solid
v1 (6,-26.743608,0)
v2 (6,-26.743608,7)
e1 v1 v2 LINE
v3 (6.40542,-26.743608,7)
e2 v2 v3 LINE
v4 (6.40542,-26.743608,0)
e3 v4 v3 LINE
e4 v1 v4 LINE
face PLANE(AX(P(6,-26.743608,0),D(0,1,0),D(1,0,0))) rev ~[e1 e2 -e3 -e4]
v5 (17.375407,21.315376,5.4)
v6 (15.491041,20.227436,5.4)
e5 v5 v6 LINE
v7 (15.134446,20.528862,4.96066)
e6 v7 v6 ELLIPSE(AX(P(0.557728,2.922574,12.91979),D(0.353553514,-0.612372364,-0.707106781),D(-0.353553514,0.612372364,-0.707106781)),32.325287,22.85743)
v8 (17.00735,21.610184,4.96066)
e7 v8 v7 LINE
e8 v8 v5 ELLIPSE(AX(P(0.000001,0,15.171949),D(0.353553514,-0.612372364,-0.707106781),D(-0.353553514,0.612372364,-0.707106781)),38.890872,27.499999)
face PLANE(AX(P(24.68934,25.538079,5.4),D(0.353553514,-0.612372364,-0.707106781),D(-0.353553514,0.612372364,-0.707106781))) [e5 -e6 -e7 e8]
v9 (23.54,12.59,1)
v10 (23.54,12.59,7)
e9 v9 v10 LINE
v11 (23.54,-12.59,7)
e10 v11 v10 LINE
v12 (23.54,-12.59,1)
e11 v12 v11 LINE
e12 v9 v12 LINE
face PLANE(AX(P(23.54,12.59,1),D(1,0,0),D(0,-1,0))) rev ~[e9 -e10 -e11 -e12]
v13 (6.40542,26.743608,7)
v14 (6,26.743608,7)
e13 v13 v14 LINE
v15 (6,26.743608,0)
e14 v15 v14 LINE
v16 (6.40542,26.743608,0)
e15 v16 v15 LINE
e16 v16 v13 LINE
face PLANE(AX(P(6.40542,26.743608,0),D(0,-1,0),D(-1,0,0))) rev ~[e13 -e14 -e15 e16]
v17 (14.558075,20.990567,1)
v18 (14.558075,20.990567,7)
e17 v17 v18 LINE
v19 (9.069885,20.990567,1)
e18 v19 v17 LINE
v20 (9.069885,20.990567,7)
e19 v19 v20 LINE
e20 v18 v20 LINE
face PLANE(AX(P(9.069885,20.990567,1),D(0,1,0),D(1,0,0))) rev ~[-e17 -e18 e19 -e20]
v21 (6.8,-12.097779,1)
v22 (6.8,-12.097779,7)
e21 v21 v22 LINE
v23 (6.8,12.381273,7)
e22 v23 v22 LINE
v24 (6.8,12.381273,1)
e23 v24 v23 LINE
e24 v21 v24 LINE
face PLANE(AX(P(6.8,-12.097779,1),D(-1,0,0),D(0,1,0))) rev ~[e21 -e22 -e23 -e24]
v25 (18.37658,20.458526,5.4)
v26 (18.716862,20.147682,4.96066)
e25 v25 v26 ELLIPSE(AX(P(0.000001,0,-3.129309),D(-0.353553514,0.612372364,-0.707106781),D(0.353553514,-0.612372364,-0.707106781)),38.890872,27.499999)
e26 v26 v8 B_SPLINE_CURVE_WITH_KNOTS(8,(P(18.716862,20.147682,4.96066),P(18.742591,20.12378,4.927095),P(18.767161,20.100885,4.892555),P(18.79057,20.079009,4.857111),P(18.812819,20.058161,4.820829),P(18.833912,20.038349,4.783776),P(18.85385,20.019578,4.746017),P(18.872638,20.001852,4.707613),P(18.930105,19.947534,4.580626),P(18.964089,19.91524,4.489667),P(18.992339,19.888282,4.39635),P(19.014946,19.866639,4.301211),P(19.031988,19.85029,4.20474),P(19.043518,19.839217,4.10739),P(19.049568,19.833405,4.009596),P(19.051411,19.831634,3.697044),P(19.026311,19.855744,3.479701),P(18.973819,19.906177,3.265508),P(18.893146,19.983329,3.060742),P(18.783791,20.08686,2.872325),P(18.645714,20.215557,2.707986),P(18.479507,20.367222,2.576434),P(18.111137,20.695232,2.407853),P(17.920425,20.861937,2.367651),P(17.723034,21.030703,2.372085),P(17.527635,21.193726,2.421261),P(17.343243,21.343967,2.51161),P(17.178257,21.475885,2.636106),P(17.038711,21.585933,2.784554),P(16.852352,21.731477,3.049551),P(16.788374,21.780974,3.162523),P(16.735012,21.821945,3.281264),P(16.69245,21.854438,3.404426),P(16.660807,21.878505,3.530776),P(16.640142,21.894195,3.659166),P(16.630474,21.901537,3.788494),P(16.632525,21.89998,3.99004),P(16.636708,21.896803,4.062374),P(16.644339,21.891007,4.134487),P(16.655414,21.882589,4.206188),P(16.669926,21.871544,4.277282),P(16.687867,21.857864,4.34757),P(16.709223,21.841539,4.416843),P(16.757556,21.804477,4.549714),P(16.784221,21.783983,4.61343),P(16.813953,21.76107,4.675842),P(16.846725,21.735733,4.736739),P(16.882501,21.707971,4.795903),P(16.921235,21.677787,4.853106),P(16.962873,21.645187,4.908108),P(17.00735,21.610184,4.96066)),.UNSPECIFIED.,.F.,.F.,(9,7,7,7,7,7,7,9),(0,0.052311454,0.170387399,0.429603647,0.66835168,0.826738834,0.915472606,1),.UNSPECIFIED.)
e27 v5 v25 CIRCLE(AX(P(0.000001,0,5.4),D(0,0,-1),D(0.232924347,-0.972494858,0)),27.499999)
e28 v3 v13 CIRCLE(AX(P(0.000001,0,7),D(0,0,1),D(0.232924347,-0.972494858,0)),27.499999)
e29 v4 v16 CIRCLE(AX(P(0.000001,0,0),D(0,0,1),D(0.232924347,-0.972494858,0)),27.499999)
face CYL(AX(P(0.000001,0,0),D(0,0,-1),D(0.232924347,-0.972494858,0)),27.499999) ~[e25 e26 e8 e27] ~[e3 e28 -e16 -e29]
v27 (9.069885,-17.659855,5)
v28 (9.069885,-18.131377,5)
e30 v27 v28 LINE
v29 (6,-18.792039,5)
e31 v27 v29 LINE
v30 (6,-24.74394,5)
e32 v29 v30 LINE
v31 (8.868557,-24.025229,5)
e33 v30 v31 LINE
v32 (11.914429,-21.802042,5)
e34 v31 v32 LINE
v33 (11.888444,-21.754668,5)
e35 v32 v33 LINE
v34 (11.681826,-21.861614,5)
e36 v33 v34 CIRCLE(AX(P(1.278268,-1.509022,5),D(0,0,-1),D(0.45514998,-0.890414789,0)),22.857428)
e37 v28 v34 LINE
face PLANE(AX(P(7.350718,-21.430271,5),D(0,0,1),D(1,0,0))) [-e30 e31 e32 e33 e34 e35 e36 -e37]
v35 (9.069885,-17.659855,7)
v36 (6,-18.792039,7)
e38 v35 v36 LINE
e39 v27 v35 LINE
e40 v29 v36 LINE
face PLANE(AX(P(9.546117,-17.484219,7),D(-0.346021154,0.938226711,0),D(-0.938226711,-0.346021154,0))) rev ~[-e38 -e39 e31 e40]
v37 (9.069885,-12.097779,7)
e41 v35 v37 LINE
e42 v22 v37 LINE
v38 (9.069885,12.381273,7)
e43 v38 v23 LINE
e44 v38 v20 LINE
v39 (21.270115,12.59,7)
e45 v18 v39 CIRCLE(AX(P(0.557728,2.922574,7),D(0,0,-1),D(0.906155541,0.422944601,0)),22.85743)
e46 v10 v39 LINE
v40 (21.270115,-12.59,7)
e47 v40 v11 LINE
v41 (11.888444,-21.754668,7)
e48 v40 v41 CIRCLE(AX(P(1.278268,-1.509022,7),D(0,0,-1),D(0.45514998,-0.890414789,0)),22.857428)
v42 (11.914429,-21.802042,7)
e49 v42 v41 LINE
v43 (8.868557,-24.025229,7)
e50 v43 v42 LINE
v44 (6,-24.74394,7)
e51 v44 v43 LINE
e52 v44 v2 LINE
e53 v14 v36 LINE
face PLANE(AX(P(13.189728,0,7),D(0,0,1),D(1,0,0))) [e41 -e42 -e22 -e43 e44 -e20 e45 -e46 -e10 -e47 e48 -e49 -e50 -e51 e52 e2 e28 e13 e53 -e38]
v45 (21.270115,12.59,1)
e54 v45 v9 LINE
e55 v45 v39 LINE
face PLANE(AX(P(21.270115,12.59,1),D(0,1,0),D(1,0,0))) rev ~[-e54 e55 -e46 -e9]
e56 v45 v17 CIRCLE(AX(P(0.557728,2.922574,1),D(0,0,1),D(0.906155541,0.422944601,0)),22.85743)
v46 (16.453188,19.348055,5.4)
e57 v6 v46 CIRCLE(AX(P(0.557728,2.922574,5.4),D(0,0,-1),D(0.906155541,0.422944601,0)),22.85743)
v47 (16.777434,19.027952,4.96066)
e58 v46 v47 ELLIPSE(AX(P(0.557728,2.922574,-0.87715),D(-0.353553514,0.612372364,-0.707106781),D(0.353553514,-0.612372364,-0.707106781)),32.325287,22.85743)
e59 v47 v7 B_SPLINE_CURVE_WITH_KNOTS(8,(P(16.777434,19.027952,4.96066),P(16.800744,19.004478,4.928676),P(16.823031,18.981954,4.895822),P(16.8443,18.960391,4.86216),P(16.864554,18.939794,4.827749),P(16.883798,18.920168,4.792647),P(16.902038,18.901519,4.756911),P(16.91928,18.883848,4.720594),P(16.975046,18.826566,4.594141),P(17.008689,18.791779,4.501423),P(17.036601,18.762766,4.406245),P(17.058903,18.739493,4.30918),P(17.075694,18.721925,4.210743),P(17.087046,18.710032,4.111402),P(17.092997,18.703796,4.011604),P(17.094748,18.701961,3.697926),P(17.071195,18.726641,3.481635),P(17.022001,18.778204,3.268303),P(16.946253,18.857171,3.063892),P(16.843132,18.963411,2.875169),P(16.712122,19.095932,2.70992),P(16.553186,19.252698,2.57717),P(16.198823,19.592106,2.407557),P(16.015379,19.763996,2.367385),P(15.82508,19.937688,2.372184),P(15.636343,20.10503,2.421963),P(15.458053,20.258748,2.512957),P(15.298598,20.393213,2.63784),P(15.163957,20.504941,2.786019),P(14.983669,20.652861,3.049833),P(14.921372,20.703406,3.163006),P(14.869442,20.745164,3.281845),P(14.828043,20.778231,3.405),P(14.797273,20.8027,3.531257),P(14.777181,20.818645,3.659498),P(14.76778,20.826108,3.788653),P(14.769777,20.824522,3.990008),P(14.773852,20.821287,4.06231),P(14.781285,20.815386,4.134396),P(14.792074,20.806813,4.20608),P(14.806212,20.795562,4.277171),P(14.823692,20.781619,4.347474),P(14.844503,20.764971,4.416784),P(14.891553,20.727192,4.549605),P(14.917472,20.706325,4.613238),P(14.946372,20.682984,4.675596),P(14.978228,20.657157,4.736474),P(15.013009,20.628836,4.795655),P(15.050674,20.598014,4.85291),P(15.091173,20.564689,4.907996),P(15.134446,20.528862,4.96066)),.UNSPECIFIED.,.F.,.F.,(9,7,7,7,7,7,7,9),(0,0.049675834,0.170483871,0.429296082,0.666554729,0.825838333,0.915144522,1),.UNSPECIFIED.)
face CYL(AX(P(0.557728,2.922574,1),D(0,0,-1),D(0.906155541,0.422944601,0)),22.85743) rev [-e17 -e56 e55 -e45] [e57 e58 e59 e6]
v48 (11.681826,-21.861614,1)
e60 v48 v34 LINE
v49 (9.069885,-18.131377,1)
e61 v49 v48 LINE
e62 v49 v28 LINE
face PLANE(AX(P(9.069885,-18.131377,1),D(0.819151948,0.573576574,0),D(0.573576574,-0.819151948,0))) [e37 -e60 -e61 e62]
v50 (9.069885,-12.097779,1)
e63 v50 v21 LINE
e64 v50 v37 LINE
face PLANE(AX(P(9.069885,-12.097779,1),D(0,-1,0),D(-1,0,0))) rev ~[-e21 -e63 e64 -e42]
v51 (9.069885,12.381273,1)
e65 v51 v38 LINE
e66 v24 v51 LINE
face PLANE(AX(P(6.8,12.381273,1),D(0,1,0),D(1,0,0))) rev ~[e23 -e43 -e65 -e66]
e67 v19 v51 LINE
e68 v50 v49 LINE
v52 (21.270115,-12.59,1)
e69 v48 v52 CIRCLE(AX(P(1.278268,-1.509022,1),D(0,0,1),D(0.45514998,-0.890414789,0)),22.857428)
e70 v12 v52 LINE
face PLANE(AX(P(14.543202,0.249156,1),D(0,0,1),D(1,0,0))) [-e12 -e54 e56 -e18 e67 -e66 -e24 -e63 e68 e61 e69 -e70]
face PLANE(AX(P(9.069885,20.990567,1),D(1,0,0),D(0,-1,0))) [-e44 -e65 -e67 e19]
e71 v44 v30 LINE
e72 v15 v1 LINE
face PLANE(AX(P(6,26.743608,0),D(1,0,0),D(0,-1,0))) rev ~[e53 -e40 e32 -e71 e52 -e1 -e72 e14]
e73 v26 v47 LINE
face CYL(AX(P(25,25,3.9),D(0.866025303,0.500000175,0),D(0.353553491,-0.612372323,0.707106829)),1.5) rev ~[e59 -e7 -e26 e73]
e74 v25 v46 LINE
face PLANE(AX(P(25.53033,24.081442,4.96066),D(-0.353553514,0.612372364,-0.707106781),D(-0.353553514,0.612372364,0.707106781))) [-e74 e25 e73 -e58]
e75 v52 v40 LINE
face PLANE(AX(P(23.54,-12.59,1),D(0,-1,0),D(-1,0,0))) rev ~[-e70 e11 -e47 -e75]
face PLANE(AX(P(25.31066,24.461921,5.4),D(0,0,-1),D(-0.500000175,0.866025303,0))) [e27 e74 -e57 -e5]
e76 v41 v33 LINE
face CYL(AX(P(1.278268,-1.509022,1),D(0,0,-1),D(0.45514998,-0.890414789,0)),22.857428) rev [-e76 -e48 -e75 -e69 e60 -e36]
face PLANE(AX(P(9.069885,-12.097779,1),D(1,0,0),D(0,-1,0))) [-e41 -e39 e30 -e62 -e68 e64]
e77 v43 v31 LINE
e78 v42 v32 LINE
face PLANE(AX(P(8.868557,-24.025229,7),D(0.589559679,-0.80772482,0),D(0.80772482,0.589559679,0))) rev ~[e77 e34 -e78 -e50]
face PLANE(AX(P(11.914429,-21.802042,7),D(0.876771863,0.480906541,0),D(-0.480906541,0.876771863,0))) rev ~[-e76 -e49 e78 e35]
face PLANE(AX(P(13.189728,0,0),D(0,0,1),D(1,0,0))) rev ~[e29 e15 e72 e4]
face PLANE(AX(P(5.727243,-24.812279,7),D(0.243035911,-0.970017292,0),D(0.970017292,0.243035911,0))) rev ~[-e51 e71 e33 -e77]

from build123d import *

# Parameters (mm, degrees)
PAD006_DEPTH    = 7
POCKET003_DEPTH = 6.001
POCKET004_DEPTH = 12
POCKET005_DEPTH = 2


with BuildPart() as part:
    # Sketch008 → Pad006 (new body)
    with BuildSketch(Plane.XY):
        with BuildLine():
            ThreePointArc((6.40542, -26.743608), (27.5, 0), (6.40542, 26.743608))
            Line((6.40542, 26.743608), (6, 26.743608))
            Line((6, 26.743608), (6, -26.743608))
            Line((6, -26.743608), (6.40542, -26.743608))
        make_face()
    extrude(amount=PAD006_DEPTH)

    # Sketch009 → Pocket003 (cut, through all)
    with BuildSketch(Plane.XY.offset(1)):
        with BuildLine():
            Line((9.069885, 20.990567), (9.069885, 12.381273))
            Line((6.8, 12.381273), (9.069885, 12.381273))
            Line((6.8, -12.097779), (6.8, 12.381273))
            Line((9.069885, -12.097779), (6.8, -12.097779))
            Line((9.069885, -12.097779), (9.069885, -18.131377))
            Line((9.069885, -18.131377), (11.681826, -21.861614))
            ThreePointArc((11.681826, -21.861614), (17.167285, -17.940734), (21.270115, -12.59))
            Line((23.54, -12.59), (21.270115, -12.59))
            Line((23.54, 12.59), (23.54, -12.59))
            Line((21.270115, 12.59), (23.54, 12.59))
            ThreePointArc((21.270115, 12.59), (18.415103, 17.190589), (14.558075, 20.990567))
            Line((9.069885, 20.990567), (14.558075, 20.990567))
        make_face()
    extrude(amount=POCKET003_DEPTH, mode=Mode.SUBTRACT)

    # Sketch010 → Pocket004 (cut)
    with BuildSketch(Plane(origin=(25, 25, 0), x_dir=(-0.5, 0.866025, 0), z_dir=(0.866025, 0.5, 0))):
        with BuildLine():
            ThreePointArc((-1.06066, 4.96066), (0, 2.4), (1.06066, 4.96066))
            Line((0.62132, 5.4), (1.06066, 4.96066))
            Line((-0.62132, 5.4), (0.62132, 5.4))
            Line((-1.06066, 4.96066), (-0.62132, 5.4))
        make_face()
    extrude(amount=-POCKET004_DEPTH, mode=Mode.SUBTRACT)

    # Sketch011 → Pocket005 (cut)
    with BuildSketch(Plane.XY.offset(7)):
        Polygon((9.546117, -17.484219), (3.82131, -19.595547), (3.82131, -24.962748), (5.727243, -24.812279), (8.868557, -24.025229), (11.914429, -21.802042), align=None)
    extrude(amount=-POCKET005_DEPTH, mode=Mode.SUBTRACT)


solid = part.part
